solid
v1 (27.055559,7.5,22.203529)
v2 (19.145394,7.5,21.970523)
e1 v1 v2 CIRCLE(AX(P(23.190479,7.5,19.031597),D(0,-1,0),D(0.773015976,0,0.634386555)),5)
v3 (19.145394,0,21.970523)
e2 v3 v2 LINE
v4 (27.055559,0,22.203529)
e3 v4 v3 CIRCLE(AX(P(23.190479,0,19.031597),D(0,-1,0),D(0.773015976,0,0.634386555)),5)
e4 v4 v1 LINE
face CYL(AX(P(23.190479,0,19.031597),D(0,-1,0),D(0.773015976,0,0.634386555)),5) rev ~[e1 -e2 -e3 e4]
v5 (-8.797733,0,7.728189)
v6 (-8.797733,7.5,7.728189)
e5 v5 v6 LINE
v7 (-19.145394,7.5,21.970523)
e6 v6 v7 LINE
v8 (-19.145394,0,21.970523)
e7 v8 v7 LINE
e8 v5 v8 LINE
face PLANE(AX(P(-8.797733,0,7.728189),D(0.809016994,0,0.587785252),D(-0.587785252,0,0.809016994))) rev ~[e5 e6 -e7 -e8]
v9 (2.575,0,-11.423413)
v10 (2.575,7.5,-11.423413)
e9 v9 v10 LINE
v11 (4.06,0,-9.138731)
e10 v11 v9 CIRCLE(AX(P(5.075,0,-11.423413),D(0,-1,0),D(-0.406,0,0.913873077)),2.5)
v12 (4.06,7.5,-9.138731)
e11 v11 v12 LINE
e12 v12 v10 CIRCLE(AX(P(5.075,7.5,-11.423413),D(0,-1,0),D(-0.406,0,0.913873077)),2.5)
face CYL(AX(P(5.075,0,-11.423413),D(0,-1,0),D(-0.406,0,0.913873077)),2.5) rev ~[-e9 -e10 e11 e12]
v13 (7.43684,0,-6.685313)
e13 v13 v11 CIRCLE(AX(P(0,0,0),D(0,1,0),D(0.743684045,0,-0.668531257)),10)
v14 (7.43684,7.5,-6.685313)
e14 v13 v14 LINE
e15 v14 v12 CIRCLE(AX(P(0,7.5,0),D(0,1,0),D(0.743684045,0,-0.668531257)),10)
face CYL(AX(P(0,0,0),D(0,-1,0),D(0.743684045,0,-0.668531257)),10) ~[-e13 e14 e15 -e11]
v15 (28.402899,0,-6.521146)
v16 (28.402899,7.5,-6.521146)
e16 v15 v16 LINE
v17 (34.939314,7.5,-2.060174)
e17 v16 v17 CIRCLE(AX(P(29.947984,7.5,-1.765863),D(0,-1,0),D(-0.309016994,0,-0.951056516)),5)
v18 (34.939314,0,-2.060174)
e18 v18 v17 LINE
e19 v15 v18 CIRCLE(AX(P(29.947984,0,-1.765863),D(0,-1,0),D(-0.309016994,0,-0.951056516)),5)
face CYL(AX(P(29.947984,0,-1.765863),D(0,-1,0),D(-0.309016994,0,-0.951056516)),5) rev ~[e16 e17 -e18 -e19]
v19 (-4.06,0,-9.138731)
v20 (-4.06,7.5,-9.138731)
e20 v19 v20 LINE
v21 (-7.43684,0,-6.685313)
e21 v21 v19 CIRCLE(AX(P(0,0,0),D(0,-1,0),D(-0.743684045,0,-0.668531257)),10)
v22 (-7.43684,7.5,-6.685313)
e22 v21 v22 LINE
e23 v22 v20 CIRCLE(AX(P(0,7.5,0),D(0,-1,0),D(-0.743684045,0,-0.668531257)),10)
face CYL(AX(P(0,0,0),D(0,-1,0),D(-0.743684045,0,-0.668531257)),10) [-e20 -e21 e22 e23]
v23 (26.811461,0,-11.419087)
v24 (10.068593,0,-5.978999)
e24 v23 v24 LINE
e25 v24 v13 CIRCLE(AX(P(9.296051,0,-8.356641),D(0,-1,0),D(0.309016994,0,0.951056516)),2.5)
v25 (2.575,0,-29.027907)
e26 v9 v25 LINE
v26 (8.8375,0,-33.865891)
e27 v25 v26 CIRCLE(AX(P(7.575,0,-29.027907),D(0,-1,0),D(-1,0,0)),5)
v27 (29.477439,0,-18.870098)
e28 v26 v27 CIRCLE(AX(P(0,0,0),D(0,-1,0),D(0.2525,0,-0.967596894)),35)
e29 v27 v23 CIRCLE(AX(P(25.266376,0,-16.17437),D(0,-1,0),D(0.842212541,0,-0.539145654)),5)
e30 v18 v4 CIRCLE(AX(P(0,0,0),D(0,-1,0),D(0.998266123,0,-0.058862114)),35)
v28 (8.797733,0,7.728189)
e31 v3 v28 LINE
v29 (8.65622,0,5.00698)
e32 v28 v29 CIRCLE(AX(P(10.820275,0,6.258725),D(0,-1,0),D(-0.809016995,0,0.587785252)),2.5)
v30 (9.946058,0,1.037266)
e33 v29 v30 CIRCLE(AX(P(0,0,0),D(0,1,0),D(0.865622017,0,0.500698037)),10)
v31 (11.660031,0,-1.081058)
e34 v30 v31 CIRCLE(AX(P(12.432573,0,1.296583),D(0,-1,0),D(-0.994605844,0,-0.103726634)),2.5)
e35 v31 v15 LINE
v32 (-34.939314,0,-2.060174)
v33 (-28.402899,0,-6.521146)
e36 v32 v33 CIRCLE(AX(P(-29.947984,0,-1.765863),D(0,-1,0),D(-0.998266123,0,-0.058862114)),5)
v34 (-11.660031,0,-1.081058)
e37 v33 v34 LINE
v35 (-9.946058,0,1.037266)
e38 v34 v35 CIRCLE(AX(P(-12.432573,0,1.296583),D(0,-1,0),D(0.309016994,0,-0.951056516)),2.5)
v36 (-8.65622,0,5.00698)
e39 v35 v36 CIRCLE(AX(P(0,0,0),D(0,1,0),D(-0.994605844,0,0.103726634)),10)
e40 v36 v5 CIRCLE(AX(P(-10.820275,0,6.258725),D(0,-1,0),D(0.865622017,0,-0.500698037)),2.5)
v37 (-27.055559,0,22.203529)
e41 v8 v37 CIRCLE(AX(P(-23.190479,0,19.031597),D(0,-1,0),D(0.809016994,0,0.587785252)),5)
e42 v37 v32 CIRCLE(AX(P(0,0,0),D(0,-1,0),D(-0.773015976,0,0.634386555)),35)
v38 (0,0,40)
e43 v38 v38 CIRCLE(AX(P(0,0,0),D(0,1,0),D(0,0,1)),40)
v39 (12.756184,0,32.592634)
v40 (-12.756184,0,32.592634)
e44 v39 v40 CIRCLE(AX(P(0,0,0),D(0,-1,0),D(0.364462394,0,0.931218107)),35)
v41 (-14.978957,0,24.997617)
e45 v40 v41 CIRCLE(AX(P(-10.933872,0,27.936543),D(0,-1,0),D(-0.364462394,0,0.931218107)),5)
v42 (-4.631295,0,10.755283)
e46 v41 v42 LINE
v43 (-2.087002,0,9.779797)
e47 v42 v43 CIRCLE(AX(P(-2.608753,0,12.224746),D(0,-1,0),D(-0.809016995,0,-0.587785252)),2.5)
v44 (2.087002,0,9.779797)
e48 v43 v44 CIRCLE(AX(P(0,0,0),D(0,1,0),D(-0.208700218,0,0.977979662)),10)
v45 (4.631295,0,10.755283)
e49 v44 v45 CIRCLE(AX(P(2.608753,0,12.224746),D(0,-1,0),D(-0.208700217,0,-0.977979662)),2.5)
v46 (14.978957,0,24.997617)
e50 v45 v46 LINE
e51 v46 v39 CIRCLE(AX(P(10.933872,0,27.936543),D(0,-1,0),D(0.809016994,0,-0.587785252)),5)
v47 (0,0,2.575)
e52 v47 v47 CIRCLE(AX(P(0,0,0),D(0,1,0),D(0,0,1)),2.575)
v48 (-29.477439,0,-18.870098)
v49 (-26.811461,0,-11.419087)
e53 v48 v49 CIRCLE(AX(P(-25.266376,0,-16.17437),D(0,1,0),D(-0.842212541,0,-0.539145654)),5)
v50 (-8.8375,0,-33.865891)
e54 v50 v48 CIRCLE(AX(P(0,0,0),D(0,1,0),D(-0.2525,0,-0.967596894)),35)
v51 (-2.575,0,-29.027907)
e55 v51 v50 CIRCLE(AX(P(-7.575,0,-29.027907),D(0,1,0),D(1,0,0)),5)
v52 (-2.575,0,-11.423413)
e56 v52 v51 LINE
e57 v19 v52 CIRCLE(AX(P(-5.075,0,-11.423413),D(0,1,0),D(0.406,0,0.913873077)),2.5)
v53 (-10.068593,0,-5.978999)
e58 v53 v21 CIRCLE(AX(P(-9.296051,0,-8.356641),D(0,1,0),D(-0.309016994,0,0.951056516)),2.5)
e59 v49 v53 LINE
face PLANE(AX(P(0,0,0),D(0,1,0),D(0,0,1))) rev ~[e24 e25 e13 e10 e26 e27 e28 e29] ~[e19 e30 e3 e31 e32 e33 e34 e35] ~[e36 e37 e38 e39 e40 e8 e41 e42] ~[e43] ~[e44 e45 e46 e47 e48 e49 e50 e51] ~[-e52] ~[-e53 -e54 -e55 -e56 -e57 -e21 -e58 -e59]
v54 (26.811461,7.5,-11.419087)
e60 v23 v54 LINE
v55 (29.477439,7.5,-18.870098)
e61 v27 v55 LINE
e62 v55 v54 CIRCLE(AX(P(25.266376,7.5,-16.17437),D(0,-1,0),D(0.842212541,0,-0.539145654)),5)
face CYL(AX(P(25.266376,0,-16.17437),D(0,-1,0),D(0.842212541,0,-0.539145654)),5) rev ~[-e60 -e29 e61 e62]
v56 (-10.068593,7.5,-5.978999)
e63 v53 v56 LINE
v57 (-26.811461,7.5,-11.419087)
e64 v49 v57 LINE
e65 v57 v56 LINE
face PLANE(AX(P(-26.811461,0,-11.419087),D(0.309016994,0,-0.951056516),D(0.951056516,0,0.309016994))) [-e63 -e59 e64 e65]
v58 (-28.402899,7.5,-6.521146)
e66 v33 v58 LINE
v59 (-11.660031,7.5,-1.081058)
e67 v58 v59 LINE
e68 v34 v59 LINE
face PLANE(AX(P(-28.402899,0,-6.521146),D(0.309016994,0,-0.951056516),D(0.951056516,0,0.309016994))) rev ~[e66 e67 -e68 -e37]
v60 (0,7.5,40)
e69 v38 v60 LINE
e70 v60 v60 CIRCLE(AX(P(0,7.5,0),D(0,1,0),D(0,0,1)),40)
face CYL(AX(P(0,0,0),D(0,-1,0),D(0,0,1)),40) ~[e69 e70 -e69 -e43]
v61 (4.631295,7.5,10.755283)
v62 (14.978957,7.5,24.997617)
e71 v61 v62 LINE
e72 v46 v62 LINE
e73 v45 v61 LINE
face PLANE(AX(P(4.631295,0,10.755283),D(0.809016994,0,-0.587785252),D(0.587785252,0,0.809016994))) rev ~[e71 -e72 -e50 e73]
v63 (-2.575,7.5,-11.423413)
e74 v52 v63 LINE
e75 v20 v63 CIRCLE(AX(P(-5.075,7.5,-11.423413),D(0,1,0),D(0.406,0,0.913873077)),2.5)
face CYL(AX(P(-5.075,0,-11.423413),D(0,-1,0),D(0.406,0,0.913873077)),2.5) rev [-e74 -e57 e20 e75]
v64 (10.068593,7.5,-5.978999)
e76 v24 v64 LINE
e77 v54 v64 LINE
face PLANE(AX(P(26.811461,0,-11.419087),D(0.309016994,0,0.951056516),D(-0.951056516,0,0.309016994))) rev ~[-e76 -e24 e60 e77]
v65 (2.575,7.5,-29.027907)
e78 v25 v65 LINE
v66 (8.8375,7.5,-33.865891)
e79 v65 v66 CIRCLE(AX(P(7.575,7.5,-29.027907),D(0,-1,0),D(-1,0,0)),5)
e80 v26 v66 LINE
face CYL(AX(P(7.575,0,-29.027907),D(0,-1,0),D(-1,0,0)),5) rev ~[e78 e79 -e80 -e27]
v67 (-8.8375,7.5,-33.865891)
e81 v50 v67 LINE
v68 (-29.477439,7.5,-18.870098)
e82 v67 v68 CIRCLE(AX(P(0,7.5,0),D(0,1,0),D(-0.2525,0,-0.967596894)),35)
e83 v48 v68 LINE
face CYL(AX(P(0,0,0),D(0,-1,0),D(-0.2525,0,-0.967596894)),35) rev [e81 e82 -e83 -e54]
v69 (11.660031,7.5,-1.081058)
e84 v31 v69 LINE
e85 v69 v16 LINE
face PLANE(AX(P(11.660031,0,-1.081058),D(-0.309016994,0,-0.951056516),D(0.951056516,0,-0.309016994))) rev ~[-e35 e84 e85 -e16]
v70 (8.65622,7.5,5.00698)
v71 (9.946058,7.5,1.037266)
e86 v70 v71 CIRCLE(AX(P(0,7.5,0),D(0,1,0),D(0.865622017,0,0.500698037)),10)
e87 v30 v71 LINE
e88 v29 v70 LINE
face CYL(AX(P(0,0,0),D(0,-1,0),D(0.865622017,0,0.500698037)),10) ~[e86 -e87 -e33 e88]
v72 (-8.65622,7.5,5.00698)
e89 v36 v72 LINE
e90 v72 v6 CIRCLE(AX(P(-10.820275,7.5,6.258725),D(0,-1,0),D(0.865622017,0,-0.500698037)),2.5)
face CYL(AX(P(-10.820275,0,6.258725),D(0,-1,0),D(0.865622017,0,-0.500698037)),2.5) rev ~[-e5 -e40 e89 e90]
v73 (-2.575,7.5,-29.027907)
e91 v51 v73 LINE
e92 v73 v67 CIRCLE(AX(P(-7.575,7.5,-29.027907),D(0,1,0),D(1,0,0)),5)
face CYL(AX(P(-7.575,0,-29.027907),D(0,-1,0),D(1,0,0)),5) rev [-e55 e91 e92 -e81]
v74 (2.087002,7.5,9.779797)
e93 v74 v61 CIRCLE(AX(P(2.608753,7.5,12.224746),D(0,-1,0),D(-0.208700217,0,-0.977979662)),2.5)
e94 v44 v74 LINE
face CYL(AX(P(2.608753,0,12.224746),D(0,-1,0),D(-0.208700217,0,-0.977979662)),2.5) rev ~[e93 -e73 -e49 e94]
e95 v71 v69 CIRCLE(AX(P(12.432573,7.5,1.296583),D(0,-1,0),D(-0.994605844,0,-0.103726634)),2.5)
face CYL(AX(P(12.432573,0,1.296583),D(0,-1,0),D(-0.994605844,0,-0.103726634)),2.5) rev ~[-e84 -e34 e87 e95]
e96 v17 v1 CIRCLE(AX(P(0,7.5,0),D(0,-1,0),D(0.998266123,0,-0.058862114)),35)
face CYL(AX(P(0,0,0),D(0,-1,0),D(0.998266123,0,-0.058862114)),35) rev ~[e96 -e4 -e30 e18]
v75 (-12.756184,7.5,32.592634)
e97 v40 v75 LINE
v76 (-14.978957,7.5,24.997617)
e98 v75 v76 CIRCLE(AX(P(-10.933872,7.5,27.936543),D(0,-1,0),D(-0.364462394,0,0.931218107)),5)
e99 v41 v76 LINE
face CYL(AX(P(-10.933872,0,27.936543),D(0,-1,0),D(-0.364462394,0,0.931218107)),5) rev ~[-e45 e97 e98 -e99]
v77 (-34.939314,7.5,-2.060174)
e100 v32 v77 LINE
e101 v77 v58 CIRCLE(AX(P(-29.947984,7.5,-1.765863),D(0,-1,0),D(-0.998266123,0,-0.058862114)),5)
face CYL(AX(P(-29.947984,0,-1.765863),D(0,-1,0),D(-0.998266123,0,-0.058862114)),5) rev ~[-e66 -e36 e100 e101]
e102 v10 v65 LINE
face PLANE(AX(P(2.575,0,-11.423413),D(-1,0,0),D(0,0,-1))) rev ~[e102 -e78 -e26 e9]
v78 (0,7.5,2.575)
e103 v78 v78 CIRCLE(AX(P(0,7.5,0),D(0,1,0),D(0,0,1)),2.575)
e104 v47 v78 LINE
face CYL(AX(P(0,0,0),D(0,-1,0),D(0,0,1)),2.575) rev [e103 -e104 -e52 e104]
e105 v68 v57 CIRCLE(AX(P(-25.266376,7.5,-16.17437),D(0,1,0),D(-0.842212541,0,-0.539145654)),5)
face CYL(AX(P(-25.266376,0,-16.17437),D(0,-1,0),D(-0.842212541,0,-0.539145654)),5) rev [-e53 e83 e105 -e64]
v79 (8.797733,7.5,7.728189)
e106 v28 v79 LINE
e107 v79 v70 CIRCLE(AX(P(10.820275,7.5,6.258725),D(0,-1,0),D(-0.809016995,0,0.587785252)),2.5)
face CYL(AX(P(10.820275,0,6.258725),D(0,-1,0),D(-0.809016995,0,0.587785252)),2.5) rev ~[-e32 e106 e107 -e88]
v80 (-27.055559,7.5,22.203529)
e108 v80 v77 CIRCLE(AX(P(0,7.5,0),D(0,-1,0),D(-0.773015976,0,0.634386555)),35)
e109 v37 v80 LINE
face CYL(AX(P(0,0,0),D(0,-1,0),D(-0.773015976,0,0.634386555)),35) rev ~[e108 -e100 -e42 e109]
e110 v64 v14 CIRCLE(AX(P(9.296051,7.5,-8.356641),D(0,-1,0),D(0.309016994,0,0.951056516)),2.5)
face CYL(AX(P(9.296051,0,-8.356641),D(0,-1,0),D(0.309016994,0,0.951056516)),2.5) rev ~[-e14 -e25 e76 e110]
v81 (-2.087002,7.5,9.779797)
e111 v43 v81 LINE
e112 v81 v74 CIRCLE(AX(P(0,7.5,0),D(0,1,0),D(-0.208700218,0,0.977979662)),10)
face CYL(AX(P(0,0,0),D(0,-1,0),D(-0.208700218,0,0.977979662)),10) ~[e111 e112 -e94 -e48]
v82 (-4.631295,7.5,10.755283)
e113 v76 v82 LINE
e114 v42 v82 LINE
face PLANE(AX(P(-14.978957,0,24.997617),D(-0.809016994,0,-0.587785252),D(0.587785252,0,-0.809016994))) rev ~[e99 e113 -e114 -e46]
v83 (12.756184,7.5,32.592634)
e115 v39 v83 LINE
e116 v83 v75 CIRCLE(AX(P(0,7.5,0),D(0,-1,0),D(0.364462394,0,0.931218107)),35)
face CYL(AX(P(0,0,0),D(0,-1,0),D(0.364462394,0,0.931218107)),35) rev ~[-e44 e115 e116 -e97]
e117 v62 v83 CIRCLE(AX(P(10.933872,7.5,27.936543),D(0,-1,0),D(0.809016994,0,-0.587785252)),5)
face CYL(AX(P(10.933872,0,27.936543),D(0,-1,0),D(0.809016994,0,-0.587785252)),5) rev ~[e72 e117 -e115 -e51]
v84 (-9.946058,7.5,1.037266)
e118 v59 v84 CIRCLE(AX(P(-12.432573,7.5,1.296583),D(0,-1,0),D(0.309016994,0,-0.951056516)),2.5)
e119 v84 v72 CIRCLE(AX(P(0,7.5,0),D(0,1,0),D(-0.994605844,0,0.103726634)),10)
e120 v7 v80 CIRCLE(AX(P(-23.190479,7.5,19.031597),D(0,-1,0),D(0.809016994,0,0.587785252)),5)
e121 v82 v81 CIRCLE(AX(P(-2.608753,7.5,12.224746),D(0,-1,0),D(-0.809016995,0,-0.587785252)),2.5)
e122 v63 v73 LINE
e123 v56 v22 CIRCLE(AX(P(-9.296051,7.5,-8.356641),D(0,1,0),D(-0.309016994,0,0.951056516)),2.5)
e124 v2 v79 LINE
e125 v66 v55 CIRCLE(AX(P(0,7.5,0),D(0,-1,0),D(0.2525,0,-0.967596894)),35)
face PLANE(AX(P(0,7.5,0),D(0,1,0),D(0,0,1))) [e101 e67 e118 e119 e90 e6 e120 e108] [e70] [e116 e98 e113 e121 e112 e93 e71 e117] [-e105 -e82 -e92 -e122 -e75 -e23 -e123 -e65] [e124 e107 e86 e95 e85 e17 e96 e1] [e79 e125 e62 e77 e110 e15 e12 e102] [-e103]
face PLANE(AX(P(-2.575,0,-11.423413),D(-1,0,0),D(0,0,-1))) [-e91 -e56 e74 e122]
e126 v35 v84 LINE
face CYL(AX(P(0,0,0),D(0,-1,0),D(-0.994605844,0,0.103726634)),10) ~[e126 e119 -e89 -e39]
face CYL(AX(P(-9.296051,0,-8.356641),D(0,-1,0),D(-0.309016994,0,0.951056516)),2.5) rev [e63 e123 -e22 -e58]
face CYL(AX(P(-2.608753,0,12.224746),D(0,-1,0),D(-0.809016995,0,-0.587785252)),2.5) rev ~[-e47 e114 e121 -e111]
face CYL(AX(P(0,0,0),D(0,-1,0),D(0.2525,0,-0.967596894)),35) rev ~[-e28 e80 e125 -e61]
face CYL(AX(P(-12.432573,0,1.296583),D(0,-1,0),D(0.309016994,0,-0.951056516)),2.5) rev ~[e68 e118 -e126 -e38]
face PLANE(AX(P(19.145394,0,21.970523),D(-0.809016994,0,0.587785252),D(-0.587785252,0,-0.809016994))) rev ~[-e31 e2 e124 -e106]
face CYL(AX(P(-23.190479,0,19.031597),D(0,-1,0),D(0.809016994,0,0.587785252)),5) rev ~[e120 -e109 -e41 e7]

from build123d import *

# Parameters (mm, degrees)
SKETCH1_R           = 40
SKETCH1_R_2         = 2.575
BOSS_EXTRUDE1_DEPTH = 7.5


with BuildPart() as part:
    # Sketch1 → Boss-Extrude1 (new body)
    with BuildSketch(Plane(origin=(0, 0, 0), x_dir=(1, 0, 0), z_dir=(0, 1, 0))):
        with Locations(Location((0, 0, 0), (0, 0, 270))):
            Circle(SKETCH1_R)
        with Locations(Location((0, 0, 0), (0, 0, 270))):
            Circle(SKETCH1_R_2, mode=Mode.SUBTRACT)
        with BuildLine():
            Line((-2.575, 11.423413457), (-2.575, 29.027906831))
            ThreePointArc((-2.575, 29.027906831), (-4.518245185, 32.984704779), (-8.8375, 33.865891303))
            ThreePointArc((-8.8375, 33.865891303), (-20.57248383, 28.315594803), (-29.477438916, 18.870097905))
            ThreePointArc((-29.477438916, 18.870097905), (-29.974103871, 14.489940856), (-26.811461186, 11.419087051))
            Line((-26.811461186, 11.419087051), (-10.068593046, 5.978999421))
            ThreePointArc((-10.068593046, 5.978999421), (-8.648029574, 5.942087171), (-7.436840448, 6.68531257))
            ThreePointArc((-7.436840448, 6.68531257), (-5.877852523, 8.090169944), (-4.06, 9.138730765))
            ThreePointArc((-4.06, 9.138730765), (-2.978872618, 10.060970797), (-2.575, 11.423413457))
        make_face(mode=Mode.SUBTRACT)
        with BuildLine():
            Line((2.575, 11.423413457), (2.575, 29.027906831))
            ThreePointArc((2.575, 29.027906831), (4.518245185, 32.984704779), (8.8375, 33.865891303))
            ThreePointArc((8.8375, 33.865891303), (20.57248383, 28.315594803), (29.477438916, 18.870097905))
            ThreePointArc((29.477438916, 18.870097905), (29.974103871, 14.489940856), (26.811461186, 11.419087051))
            Line((26.811461186, 11.419087051), (10.068593046, 5.978999421))
            ThreePointArc((10.068593046, 5.978999421), (8.648029574, 5.942087171), (7.436840448, 6.68531257))
            ThreePointArc((7.436840448, 6.68531257), (5.877852523, 8.090169944), (4.06, 9.138730765))
            ThreePointArc((4.06, 9.138730765), (2.978872618, 10.060970797), (2.575, 11.423413457))
        make_face(mode=Mode.SUBTRACT)
        with BuildLine():
            Line((11.660030567, 1.081058362), (28.402898707, 6.521145993))
            ThreePointArc((28.402898707, 6.521145993), (32.766532965, 5.895727806), (34.939314292, 2.06017398))
            ThreePointArc((34.939314292, 2.06017398), (33.28697807, -10.815594803), (27.055559151, -22.203529427))
            ThreePointArc((27.055559151, -22.203529427), (23.04326016, -24.029428835), (19.145394301, -21.970522913))
            Line((19.145394301, -21.970522913), (8.797732721, -7.728188595))
            ThreePointArc((8.797732721, -7.728188595), (8.323648831, -6.388558961), (8.656220166, -5.006980372))
            ThreePointArc((8.656220166, -5.006980372), (9.510565163, -3.090169944), (9.946058442, -1.037266343))
            ThreePointArc((9.946058442, -1.037266343), (10.4890741, 0.275934741), (11.660030567, 1.081058362))
        make_face(mode=Mode.SUBTRACT)
        with BuildLine():
            Line((4.6312952, -10.755282645), (14.97895678, -24.997616962))
            ThreePointArc((14.97895678, -24.997616962), (15.732585881, -29.340944607), (12.756183776, -32.592633761))
            ThreePointArc((12.756183776, -32.592633761), (0, -35), (-12.756183776, -32.592633761))
            ThreePointArc((-12.756183776, -32.592633761), (-15.732585881, -29.340944607), (-14.97895678, -24.997616962))
            Line((-14.97895678, -24.997616962), (-4.6312952, -10.755282645))
            ThreePointArc((-4.6312952, -10.755282645), (-3.503731686, -9.890433748), (-2.087002171, -9.77979662))
            ThreePointArc((-2.087002171, -9.77979662), (0, -10), (2.087002171, -9.77979662))
            ThreePointArc((2.087002171, -9.77979662), (3.503731686, -9.890433748), (4.6312952, -10.755282645))
        make_face(mode=Mode.SUBTRACT)
        with BuildLine():
            Line((-8.797732721, -7.728188595), (-19.145394301, -21.970522913))
            ThreePointArc((-19.145394301, -21.970522913), (-23.04326016, -24.029428835), (-27.055559151, -22.203529427))
            ThreePointArc((-27.055559151, -22.203529427), (-33.28697807, -10.815594803), (-34.939314292, 2.06017398))
            ThreePointArc((-34.939314292, 2.06017398), (-32.766532965, 5.895727806), (-28.402898707, 6.521145993))
            Line((-28.402898707, 6.521145993), (-11.660030567, 1.081058362))
            ThreePointArc((-11.660030567, 1.081058362), (-10.4890741, 0.275934741), (-9.946058442, -1.037266343))
            ThreePointArc((-9.946058442, -1.037266343), (-9.510565163, -3.090169944), (-8.656220166, -5.006980372))
            ThreePointArc((-8.656220166, -5.006980372), (-8.323648831, -6.388558961), (-8.797732721, -7.728188595))
        make_face(mode=Mode.SUBTRACT)
    extrude(amount=BOSS_EXTRUDE1_DEPTH)


solid = part.part
